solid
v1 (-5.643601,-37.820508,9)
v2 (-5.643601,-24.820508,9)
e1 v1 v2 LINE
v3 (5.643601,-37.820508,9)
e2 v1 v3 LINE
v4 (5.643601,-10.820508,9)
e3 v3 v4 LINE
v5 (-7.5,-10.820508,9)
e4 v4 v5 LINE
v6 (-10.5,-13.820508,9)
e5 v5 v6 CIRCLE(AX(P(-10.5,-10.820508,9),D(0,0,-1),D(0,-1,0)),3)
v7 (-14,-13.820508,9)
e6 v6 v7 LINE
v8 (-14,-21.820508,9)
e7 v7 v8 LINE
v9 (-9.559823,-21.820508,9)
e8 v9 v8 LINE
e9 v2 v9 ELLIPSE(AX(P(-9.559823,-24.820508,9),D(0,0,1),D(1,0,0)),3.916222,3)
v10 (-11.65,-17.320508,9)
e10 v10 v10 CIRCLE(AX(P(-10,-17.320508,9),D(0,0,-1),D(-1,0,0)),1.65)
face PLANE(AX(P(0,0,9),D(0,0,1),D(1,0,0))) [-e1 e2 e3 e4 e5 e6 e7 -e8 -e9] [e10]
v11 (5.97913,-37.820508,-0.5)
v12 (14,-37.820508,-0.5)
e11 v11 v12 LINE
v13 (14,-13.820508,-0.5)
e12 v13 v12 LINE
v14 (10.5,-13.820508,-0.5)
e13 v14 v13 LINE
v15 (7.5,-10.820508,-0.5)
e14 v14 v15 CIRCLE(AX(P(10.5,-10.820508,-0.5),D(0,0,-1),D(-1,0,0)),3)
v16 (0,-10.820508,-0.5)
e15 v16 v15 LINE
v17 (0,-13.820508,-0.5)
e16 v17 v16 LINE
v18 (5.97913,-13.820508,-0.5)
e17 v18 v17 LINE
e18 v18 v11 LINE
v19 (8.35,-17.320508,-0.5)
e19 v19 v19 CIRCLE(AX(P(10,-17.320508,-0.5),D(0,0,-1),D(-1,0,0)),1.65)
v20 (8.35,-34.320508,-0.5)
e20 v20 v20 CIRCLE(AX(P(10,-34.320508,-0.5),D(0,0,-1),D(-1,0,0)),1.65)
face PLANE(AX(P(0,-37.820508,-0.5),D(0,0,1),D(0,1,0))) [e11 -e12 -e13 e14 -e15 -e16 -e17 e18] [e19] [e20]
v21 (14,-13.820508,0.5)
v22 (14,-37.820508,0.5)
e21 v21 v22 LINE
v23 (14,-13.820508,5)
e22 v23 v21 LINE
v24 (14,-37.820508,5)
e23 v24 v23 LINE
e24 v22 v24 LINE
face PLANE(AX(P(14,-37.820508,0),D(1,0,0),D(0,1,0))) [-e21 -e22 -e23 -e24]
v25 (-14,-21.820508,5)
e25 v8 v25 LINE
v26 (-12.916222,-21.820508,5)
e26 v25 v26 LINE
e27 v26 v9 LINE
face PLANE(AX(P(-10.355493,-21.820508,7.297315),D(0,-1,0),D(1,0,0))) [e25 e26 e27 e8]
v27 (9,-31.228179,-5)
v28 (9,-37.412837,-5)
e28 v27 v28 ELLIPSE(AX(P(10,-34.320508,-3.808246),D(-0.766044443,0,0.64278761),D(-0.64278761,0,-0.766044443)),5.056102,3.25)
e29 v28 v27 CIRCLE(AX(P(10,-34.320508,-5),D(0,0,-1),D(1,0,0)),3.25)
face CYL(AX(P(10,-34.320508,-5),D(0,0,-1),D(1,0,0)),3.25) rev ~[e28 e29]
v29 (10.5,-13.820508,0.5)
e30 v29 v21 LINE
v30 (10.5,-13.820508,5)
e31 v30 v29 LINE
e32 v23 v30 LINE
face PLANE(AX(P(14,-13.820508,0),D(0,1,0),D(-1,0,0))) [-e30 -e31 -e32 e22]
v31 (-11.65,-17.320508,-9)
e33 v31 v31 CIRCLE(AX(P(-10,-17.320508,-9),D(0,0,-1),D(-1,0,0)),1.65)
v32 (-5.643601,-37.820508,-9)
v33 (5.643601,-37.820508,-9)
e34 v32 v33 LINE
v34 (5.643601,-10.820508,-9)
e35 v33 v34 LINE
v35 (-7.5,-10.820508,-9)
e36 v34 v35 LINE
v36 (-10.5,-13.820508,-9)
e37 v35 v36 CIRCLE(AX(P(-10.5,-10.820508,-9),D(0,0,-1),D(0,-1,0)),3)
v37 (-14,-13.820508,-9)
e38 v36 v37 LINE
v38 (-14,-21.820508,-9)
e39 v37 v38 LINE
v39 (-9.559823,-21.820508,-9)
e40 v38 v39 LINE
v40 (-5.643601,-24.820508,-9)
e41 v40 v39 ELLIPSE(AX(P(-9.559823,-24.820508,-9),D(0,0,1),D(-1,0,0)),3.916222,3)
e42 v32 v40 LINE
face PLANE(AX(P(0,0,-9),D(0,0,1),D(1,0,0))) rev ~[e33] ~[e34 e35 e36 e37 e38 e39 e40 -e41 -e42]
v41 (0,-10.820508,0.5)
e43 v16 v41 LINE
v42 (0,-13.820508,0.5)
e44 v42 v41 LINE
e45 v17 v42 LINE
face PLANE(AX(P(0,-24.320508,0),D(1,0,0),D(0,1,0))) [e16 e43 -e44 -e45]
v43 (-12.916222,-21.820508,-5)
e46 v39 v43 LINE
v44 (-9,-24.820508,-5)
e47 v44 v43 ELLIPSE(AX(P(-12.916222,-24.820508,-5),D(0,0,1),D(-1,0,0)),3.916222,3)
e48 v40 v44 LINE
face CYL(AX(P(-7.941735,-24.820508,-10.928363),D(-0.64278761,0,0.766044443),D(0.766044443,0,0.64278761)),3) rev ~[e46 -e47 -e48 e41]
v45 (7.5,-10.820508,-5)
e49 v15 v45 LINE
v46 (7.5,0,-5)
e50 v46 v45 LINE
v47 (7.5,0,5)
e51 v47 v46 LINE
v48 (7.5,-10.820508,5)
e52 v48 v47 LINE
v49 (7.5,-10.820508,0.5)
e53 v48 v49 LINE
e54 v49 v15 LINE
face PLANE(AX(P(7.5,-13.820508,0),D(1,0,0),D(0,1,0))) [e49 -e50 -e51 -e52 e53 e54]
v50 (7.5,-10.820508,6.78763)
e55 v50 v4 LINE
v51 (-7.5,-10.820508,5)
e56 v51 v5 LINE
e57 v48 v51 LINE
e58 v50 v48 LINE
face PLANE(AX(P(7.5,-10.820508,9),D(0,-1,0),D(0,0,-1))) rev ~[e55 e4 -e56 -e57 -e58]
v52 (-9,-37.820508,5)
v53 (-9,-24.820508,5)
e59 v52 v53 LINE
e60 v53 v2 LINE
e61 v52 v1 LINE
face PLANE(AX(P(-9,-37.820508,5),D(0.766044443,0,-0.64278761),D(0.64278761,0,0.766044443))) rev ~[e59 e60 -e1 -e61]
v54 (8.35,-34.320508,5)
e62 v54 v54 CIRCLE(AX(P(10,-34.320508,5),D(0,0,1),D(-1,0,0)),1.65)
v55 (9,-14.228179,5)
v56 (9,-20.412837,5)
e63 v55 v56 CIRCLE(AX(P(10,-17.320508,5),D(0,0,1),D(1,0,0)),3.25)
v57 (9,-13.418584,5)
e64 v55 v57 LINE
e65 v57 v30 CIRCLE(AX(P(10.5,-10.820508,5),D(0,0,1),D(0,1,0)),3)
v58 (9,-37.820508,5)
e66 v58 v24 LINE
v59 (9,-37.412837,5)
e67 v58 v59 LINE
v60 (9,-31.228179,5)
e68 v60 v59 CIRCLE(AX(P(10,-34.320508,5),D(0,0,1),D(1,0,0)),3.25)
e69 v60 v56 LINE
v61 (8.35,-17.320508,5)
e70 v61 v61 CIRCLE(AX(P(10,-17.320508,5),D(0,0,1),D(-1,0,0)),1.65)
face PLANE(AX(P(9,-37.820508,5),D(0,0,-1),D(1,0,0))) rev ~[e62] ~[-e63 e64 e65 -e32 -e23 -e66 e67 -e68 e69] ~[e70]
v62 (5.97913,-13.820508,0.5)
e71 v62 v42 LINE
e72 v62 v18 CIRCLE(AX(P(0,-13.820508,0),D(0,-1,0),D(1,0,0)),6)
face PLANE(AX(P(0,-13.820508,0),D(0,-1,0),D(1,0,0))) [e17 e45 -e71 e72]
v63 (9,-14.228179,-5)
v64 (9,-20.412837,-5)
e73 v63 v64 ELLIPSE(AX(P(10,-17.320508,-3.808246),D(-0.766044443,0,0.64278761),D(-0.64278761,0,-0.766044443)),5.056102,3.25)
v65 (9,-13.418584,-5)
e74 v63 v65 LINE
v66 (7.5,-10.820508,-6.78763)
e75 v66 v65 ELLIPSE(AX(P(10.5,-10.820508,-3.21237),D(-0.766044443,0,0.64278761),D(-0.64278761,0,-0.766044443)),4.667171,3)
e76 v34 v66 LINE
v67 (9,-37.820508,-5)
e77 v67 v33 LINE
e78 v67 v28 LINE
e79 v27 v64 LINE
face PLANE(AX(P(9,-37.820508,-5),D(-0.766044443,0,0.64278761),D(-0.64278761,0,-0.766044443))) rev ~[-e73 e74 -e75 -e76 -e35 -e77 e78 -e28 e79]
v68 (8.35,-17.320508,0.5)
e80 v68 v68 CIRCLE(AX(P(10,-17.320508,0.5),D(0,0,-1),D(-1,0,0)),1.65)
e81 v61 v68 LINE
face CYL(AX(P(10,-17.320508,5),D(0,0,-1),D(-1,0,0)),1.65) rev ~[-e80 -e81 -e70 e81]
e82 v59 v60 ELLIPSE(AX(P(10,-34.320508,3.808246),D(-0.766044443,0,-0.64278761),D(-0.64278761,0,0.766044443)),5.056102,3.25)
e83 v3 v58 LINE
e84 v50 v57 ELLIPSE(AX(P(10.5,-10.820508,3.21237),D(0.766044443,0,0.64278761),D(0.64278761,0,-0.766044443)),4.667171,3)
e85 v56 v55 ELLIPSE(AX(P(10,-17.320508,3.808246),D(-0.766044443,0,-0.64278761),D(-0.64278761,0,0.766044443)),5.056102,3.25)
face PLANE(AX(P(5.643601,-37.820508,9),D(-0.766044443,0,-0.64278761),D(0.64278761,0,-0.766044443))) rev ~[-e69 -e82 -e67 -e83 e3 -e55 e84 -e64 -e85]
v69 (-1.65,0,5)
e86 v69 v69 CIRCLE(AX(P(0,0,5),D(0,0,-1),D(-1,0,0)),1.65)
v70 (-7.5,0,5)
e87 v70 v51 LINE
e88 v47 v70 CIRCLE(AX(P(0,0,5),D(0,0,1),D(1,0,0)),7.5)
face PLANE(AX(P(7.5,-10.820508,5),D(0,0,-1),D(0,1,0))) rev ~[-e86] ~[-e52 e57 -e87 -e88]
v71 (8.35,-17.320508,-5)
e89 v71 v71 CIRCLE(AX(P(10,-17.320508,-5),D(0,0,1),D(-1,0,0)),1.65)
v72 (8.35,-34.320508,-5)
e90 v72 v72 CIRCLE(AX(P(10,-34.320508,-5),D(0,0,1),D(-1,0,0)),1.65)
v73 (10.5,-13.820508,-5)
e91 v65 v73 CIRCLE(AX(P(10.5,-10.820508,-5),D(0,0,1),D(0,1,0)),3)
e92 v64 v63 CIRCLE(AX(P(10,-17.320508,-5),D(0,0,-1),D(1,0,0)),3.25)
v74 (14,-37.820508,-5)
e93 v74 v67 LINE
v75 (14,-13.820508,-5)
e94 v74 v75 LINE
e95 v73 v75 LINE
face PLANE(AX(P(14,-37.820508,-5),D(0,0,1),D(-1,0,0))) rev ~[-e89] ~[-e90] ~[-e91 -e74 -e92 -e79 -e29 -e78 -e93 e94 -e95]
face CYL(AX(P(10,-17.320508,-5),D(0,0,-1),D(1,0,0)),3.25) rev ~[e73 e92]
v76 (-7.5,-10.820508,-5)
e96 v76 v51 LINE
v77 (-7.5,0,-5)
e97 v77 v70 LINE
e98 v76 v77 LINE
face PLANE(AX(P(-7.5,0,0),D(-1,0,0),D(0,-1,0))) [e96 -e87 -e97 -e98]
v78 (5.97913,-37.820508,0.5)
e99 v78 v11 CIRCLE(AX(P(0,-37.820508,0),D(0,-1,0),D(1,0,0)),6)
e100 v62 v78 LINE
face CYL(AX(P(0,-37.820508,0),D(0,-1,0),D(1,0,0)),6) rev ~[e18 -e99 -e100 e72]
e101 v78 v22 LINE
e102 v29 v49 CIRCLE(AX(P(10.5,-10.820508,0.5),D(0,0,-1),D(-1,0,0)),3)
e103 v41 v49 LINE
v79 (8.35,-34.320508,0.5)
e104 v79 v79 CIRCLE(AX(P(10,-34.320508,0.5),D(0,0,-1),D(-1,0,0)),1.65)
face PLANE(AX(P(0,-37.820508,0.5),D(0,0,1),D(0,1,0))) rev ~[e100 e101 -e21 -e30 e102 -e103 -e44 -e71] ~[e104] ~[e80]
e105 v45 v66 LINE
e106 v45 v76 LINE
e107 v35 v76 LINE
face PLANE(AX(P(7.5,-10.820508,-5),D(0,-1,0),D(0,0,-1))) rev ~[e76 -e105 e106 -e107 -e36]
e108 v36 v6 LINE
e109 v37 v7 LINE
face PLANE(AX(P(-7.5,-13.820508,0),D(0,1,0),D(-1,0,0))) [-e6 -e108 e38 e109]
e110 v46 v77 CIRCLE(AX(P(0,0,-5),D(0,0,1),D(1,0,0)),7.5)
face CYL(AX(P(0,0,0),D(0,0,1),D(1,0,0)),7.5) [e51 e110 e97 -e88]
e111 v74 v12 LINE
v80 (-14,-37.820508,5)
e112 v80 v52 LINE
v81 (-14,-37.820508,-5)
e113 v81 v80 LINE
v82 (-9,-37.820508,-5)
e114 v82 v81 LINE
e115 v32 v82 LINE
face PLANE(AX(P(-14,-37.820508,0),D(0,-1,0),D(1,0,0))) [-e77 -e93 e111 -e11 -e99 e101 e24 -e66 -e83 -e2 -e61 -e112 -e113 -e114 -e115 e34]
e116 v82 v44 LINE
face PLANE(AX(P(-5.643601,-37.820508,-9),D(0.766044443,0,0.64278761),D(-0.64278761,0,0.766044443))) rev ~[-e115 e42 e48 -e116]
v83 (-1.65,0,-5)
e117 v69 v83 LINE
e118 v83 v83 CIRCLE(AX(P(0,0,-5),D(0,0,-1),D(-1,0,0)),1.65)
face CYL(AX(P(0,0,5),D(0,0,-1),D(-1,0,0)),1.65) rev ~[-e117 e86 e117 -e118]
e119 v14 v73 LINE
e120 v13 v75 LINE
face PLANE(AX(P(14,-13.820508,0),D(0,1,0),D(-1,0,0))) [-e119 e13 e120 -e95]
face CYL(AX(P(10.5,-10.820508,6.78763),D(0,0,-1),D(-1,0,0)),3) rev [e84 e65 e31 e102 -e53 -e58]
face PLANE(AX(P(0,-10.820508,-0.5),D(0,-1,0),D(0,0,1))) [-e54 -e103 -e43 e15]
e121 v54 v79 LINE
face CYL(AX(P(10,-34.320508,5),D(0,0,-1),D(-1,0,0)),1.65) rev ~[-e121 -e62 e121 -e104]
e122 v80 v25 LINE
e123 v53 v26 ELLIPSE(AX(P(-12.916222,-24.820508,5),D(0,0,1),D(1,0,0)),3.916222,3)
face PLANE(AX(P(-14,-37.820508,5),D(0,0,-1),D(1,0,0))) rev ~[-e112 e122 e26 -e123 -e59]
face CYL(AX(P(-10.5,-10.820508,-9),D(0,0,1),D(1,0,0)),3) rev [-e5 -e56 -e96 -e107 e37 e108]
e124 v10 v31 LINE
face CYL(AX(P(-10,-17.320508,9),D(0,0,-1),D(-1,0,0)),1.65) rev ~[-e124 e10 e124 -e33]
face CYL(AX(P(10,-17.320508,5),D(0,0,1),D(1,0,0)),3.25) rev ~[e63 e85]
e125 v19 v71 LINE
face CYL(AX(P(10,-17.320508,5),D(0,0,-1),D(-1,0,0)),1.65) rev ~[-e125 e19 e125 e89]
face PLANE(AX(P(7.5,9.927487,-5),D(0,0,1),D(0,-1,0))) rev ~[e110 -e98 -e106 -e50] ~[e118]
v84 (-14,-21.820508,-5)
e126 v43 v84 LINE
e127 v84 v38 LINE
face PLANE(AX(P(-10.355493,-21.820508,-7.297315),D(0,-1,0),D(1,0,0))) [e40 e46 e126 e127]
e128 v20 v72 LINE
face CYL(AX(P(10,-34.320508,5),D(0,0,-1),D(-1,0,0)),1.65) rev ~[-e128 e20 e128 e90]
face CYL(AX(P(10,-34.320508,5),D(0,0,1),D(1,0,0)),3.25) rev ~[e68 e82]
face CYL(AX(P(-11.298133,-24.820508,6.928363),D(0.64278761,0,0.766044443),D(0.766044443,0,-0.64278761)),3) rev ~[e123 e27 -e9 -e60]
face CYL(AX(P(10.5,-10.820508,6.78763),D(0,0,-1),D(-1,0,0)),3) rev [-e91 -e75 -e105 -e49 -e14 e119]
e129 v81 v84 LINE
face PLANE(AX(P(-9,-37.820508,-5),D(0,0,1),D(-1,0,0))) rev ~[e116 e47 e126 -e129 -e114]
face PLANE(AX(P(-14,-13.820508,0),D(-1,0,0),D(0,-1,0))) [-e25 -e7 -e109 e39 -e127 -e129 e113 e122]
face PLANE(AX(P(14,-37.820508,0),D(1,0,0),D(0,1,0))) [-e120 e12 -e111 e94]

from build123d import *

# Parameters (mm, degrees)
F2_DEPTH        = 9
F3_R            = 6
F4_DEPTH        = 24
F6_DEPTH        = 45.3215080757
F7_DEPTH        = 16
F8_R            = 3
F10_DEPTH       = 21.501
F12_D           = 3.3
F12_START       = 4
F12_CBORE_D     = 6.5
F12_CBORE_DEPTH = 0
F14_D           = 3.3
F14_START       = 4
F14_CBORE_D     = 6.5
F14_CBORE_DEPTH = 0
F15_W           = 27
F15_H           = 1
F16_DEPTH       = 30


with BuildPart() as f2:
    # F1 (on Top) → F2 (new body, symmetric)
    with BuildSketch(Plane.XY):
        with BuildLine():
            ThreePointArc((-7.5, 0), (0, -7.5), (7.5, 0))
            ThreePointArc((7.5, 0), (0, 7.5), (-7.5, 0))
        make_face()
        with BuildLine():
            Line((7.5, -13.8205080757), (7.5, 0))
            ThreePointArc((7.5, 0), (0, -7.5), (-7.5, 0))
            Line((-7.5, 0), (-7.5, -13.8205080757))
            Line((-7.5, -13.8205080757), (-14, -13.8205080757))
            Line((-14, -13.8205080757), (-14, -37.8205080757))
            Line((-14, -37.8205080757), (14, -37.8205080757))
            Line((14, -37.8205080757), (14, -13.8205080757))
            Line((14, -13.8205080757), (7.5, -13.8205080757))
        make_face()
    extrude(amount=F2_DEPTH, both=True)

    # F3 (on face) → F4 (cut)
    with BuildSketch(Plane.XZ.offset(37.8205080757)):
        Circle(F3_R)
    extrude(amount=-F4_DEPTH, mode=Mode.SUBTRACT)

    # F5 (on face) → F6 (cut, through all)
    with BuildSketch(Plane.XZ.offset(37.8205080757)):
        Polygon((14, 9), (5.6436014753, 9), (9, 5), (14, 5), align=None)
        Polygon((14, -9), (14, -5), (9, -5), (5.6436014753, -9), align=None)
    extrude(amount=-F6_DEPTH, mode=Mode.SUBTRACT)

    # F5 (on face) → F7 (cut)
    with BuildSketch(Plane.XZ.offset(37.8205080757)):
        Polygon((-9, 5), (-5.6436014753, 9), (-14, 9), (-14, 5), align=None)
        Polygon((-9, -5), (-14, -5), (-14, -9), (-5.6436014753, -9), align=None)
    extrude(amount=-F7_DEPTH, mode=Mode.SUBTRACT)

    # F8
    f8_edges = [f2.edges().sort_by_distance(p)[0] for p in [
        (7.5, -13.820508, 0),
        (-7.5, -13.820508, 0),
        (-7.321801, -21.820508, 7),
        (-7.321801, -21.820508, -7),
    ]]
    fillet(f8_edges, radius=F8_R)

    # F9 (on face) → F10 (cut, through all)
    with BuildSketch(Plane.YZ.offset(7.5)):
        Polygon((9.9274870008, 9), (4.9396115625, 9), (-10.8205080757, 9), (-10.8205080757, 6.7876303889), (-10.8205080757, 5), (9.9274870008, 5), align=None)
        Polygon((9.9274870008, -5), (-10.8205080757, -5), (-10.8205080757, -6.7876303889), (-10.8205080757, -9), (9.9274870008, -9), align=None)
    extrude(amount=-F10_DEPTH, mode=Mode.SUBTRACT)

    # F12 (through all)
    # its depths count from where the whole tool has entered the part; down to there all is cleared
    with Locations(Plane.XY.offset(9)):
        with Locations((10, -34.3205080757, -F12_START), (10, -17.3205080757, -F12_START), (0, 0, -F12_START), (-10, -17.3205080757, 0)):
            CounterBoreHole(F12_D / 2, F12_CBORE_D / 2, F12_CBORE_DEPTH)

    # F14 (through all)
    # its depths count from where the whole tool has entered the part; down to there all is cleared
    with Locations(Plane(origin=(0, 0, -9), x_dir=(1, 0, 0), z_dir=(0, 0, -1)).offset(-F14_START)):
        with Locations((10, 34.3205080757), (10, 17.3205080757)):
            CounterBoreHole(F14_D / 2, F14_CBORE_D / 2, F14_CBORE_DEPTH)

    # F15 (on Right) → F16 (cut)
    with BuildSketch(Plane.YZ):
        with Locations((-24.3205080757, 0)):
            Rectangle(F15_W, F15_H)
    extrude(amount=F16_DEPTH, mode=Mode.SUBTRACT)


solid = f2.part
